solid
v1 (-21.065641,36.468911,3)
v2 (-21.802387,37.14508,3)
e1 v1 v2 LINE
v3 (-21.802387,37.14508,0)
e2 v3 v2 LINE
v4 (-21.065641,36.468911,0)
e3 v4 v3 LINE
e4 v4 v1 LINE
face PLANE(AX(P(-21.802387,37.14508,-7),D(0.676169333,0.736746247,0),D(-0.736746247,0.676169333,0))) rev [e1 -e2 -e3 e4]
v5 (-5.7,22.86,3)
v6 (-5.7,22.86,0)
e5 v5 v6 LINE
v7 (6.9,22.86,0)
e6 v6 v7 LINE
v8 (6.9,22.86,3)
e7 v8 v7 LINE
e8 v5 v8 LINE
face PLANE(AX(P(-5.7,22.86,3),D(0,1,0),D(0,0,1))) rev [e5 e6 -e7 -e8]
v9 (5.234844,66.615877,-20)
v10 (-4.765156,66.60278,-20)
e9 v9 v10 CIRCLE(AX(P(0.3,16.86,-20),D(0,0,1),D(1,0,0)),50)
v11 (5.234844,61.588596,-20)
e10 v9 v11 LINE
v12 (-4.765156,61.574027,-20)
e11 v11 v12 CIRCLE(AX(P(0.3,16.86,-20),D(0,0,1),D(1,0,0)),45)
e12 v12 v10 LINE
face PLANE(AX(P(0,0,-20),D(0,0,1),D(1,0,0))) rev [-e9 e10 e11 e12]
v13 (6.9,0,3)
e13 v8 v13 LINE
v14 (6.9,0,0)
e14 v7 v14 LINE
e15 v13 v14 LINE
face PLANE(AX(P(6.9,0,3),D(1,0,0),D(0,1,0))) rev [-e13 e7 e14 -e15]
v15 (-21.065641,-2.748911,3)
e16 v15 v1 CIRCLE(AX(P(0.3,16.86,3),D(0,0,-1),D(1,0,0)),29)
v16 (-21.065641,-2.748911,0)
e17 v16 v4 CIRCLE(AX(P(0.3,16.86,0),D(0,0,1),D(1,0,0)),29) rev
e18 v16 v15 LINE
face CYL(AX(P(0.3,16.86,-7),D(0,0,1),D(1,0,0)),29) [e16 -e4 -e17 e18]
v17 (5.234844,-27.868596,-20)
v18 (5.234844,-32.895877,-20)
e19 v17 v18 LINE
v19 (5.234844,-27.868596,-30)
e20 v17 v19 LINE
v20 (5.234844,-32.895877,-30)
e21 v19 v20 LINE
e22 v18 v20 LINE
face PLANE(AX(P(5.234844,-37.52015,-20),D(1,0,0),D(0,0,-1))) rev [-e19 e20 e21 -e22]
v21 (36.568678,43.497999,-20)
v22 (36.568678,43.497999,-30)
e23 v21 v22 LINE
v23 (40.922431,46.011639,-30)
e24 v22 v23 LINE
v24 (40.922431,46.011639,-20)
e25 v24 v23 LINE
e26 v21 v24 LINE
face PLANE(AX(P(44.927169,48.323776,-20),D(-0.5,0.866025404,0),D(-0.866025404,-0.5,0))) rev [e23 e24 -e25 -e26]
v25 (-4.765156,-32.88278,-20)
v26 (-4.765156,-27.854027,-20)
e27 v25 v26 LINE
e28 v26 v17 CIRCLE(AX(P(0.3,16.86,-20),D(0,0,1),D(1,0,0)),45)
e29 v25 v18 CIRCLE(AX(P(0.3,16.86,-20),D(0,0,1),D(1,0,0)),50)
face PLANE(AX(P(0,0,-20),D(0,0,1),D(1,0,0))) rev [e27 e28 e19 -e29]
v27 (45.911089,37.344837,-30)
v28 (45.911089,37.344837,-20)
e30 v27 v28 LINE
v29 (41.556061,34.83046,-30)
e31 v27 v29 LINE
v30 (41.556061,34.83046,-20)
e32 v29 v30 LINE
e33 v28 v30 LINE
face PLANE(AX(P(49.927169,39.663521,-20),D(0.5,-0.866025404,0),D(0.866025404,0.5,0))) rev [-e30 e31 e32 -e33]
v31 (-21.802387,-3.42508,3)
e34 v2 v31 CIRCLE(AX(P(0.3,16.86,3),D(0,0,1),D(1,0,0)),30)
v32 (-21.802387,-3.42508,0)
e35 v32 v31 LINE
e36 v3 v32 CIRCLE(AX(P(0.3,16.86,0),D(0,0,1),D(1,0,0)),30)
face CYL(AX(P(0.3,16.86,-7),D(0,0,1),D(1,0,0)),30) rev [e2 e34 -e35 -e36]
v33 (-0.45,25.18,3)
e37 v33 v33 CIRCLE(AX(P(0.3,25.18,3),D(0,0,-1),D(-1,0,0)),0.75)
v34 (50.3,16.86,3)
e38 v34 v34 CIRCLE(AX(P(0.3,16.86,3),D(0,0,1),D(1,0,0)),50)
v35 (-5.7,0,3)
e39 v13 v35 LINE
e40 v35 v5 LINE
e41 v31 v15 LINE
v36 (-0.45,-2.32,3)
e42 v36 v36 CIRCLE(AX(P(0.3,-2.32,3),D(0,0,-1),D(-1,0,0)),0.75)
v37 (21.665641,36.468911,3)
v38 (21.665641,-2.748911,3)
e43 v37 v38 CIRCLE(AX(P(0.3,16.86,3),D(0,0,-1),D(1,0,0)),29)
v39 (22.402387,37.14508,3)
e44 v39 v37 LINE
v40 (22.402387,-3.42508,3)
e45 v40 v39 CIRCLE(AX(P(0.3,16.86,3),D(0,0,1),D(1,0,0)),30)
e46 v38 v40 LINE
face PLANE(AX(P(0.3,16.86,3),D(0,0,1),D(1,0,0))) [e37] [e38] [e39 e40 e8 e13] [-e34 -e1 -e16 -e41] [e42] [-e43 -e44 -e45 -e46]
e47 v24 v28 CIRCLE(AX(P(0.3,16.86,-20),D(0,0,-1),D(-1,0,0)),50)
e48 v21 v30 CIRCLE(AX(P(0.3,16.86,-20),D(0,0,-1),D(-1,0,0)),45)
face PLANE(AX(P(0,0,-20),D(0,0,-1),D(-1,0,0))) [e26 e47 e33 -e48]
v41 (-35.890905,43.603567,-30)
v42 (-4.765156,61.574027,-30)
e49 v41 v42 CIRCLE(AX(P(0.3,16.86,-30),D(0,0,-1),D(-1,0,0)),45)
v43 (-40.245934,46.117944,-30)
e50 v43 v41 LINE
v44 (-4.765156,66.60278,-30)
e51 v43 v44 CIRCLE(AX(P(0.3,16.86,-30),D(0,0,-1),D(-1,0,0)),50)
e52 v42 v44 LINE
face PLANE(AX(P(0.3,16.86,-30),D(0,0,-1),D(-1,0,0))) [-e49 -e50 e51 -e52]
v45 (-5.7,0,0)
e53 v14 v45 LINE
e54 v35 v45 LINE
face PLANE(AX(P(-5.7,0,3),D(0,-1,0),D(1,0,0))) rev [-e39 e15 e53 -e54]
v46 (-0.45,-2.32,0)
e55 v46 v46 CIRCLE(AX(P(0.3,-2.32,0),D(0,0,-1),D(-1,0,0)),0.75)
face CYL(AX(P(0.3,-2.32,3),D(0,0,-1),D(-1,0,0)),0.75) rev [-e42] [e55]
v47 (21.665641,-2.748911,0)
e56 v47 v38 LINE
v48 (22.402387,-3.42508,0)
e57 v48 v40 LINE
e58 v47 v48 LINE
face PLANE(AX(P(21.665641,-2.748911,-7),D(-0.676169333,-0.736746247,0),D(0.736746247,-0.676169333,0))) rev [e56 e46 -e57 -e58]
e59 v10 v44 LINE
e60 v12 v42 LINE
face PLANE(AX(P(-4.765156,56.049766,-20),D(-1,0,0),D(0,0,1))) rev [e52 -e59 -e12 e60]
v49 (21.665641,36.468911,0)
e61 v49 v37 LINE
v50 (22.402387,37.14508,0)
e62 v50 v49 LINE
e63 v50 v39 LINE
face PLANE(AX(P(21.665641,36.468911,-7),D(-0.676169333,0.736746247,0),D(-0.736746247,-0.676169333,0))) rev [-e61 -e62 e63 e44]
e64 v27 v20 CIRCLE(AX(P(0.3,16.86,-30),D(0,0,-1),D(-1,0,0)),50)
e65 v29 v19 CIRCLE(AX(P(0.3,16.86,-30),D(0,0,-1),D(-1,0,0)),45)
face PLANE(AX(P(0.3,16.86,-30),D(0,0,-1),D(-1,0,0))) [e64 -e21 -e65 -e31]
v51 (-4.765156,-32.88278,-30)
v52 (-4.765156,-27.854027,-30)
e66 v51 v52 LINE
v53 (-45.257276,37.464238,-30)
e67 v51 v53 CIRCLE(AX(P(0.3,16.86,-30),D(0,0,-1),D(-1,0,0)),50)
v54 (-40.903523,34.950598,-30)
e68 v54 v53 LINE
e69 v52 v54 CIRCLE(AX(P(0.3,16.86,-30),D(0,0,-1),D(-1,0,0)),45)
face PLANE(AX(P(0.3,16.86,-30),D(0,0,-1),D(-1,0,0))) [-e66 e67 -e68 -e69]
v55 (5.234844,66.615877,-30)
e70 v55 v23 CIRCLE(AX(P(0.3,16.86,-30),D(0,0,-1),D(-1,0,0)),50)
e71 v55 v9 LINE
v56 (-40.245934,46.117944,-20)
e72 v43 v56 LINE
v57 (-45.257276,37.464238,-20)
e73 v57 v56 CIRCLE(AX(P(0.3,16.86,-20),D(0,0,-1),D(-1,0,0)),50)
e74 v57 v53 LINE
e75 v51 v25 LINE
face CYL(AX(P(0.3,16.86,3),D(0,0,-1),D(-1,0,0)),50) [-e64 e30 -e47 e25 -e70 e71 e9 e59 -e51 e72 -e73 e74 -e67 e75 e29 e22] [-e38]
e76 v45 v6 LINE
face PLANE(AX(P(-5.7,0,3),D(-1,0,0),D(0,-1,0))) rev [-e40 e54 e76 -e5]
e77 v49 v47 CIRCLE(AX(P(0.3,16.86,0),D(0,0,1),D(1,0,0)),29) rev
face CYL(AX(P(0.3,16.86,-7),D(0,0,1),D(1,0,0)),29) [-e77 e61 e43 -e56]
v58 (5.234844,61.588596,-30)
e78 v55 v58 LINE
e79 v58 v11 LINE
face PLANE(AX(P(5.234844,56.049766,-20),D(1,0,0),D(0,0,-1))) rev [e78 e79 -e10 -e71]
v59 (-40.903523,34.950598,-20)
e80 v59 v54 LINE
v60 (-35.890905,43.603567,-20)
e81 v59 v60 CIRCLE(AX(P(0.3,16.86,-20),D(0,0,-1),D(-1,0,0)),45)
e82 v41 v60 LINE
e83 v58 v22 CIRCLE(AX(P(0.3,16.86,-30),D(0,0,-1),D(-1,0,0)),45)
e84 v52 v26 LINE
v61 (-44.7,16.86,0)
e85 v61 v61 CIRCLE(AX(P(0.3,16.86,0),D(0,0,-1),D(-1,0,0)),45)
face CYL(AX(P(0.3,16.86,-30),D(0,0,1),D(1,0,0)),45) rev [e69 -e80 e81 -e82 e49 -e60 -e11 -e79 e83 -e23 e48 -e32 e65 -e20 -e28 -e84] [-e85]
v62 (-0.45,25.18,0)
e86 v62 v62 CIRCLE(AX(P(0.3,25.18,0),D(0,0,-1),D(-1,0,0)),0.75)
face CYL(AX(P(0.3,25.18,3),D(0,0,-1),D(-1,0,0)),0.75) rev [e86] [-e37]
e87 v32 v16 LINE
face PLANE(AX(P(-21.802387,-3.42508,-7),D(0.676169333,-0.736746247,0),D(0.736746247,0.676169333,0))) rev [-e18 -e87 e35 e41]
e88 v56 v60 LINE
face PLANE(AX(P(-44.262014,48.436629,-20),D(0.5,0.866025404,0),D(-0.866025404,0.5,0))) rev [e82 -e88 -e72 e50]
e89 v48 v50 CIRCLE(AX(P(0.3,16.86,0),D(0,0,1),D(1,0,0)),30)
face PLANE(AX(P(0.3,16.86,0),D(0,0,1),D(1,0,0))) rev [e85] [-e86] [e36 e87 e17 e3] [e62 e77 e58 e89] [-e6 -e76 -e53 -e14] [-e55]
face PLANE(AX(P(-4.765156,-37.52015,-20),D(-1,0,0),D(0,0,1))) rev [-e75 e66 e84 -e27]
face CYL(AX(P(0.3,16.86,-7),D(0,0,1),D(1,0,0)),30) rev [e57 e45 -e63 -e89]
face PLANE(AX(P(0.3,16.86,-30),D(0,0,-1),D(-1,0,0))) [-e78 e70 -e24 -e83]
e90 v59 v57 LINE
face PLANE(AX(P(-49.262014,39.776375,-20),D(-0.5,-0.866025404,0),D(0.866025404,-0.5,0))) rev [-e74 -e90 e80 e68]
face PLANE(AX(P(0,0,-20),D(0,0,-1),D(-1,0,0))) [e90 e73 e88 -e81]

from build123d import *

# Parameters (mm, degrees)
SKETCH1_R           = 50
BOSS_EXTRUDE2_DEPTH = 3
BOSS_EXTRUDE3_START = 30
SKETCH4_R           = 50
SKETCH4_R_2         = 45
BOSS_EXTRUDE3_DEPTH = 30
SKETCH6_W           = 10
SKETCH6_H           = 13.969019588
SKETCH6_H_2         = 16.825930606
CUT_EXTRUDE5_DEPTH  = 10
SKETCH2_R           = 0.75
SKETCH2_W           = 12.6
SKETCH2_H           = 22.86
CUT_EXTRUDE6_DEPTH  = 89.883910805
CUT_EXTRUDE7_DEPTH  = 10


with BuildPart() as part:
    # Sketch1 → Boss-Extrude2 (new body)
    with BuildSketch(Plane.XY):
        with Locations((0.3, 16.86)):
            Circle(SKETCH1_R)
    extrude(amount=BOSS_EXTRUDE2_DEPTH)

    # Sketch4 → Boss-Extrude3 (add)
    with BuildSketch(Plane(origin=(0, 0, 0), x_dir=(-1, 0, 0), z_dir=(0, 0, -1)).offset(BOSS_EXTRUDE3_START)):
        with Locations((-0.3, 16.86)):
            Circle(SKETCH4_R)
        with Locations((-0.3, 16.86)):
            Circle(SKETCH4_R_2, mode=Mode.SUBTRACT)
    extrude(amount=-BOSS_EXTRUDE3_DEPTH)

    # Sketch6 → Cut-Extrude5 (cut)
    with BuildSketch(Plane(origin=(0, 0, -30), x_dir=(-1, 0, 0), z_dir=(0, 0, -1))):
        Polygon((-44.927169294, 48.323775511), (-32.829643465, 41.339265717), (-37.829643465, 32.679011679), (-49.927169294, 39.663521473), align=None)
        with Locations((-0.234844245, -30.535640269)):
            Rectangle(SKETCH6_W, SKETCH6_H)
        Polygon((49.262013539, 39.776374552), (37.164487709, 32.791864758), (32.164487709, 41.452118796), (44.262013539, 48.43662859), align=None)
        with Locations((-0.234844245, 64.462731708)):
            Rectangle(SKETCH6_W, SKETCH6_H_2)
    extrude(amount=-CUT_EXTRUDE5_DEPTH, mode=Mode.SUBTRACT)

    # Sketch2 → Cut-Extrude6 (cut, through all)
    with BuildSketch(Plane(origin=(0, 0, 0), x_dir=(-1, 0, 0), z_dir=(0, 0, -1))):
        with Locations((-0.3, -2.32)):
            Circle(SKETCH2_R)
        with Locations((-0.3, 25.18)):
            Circle(SKETCH2_R)
        with Locations((-0.6, 11.43)):
            Rectangle(SKETCH2_W, SKETCH2_H)
    extrude(amount=-CUT_EXTRUDE6_DEPTH, mode=Mode.SUBTRACT)

    # Sketch7 → Cut-Extrude7 (cut)
    with BuildSketch(Plane.XY.offset(3)):
        with BuildLine():
            Line((-21.802387412, 37.145080002), (-21.065641165, 36.468910669))
            ThreePointArc((-21.065641165, 36.468910669), (-28.7, 16.86), (-21.065641165, -2.748910669))
            Line((-21.065641165, -2.748910669), (-21.802387412, -3.425080002))
            ThreePointArc((-21.802387412, -3.425080002), (-29.7, 16.86), (-21.802387412, 37.145080002))
        make_face()
        with BuildLine():
            Line((21.665641165, -2.748910669), (22.402387412, -3.425080002))
            ThreePointArc((22.402387412, -3.425080002), (30.3, 16.86), (22.402387412, 37.145080002))
            Line((22.402387412, 37.145080002), (21.665641165, 36.468910669))
            ThreePointArc((21.665641165, 36.468910669), (29.3, 16.86), (21.665641165, -2.748910669))
        make_face()
    extrude(amount=-CUT_EXTRUDE7_DEPTH, mode=Mode.SUBTRACT)


solid = part.part
